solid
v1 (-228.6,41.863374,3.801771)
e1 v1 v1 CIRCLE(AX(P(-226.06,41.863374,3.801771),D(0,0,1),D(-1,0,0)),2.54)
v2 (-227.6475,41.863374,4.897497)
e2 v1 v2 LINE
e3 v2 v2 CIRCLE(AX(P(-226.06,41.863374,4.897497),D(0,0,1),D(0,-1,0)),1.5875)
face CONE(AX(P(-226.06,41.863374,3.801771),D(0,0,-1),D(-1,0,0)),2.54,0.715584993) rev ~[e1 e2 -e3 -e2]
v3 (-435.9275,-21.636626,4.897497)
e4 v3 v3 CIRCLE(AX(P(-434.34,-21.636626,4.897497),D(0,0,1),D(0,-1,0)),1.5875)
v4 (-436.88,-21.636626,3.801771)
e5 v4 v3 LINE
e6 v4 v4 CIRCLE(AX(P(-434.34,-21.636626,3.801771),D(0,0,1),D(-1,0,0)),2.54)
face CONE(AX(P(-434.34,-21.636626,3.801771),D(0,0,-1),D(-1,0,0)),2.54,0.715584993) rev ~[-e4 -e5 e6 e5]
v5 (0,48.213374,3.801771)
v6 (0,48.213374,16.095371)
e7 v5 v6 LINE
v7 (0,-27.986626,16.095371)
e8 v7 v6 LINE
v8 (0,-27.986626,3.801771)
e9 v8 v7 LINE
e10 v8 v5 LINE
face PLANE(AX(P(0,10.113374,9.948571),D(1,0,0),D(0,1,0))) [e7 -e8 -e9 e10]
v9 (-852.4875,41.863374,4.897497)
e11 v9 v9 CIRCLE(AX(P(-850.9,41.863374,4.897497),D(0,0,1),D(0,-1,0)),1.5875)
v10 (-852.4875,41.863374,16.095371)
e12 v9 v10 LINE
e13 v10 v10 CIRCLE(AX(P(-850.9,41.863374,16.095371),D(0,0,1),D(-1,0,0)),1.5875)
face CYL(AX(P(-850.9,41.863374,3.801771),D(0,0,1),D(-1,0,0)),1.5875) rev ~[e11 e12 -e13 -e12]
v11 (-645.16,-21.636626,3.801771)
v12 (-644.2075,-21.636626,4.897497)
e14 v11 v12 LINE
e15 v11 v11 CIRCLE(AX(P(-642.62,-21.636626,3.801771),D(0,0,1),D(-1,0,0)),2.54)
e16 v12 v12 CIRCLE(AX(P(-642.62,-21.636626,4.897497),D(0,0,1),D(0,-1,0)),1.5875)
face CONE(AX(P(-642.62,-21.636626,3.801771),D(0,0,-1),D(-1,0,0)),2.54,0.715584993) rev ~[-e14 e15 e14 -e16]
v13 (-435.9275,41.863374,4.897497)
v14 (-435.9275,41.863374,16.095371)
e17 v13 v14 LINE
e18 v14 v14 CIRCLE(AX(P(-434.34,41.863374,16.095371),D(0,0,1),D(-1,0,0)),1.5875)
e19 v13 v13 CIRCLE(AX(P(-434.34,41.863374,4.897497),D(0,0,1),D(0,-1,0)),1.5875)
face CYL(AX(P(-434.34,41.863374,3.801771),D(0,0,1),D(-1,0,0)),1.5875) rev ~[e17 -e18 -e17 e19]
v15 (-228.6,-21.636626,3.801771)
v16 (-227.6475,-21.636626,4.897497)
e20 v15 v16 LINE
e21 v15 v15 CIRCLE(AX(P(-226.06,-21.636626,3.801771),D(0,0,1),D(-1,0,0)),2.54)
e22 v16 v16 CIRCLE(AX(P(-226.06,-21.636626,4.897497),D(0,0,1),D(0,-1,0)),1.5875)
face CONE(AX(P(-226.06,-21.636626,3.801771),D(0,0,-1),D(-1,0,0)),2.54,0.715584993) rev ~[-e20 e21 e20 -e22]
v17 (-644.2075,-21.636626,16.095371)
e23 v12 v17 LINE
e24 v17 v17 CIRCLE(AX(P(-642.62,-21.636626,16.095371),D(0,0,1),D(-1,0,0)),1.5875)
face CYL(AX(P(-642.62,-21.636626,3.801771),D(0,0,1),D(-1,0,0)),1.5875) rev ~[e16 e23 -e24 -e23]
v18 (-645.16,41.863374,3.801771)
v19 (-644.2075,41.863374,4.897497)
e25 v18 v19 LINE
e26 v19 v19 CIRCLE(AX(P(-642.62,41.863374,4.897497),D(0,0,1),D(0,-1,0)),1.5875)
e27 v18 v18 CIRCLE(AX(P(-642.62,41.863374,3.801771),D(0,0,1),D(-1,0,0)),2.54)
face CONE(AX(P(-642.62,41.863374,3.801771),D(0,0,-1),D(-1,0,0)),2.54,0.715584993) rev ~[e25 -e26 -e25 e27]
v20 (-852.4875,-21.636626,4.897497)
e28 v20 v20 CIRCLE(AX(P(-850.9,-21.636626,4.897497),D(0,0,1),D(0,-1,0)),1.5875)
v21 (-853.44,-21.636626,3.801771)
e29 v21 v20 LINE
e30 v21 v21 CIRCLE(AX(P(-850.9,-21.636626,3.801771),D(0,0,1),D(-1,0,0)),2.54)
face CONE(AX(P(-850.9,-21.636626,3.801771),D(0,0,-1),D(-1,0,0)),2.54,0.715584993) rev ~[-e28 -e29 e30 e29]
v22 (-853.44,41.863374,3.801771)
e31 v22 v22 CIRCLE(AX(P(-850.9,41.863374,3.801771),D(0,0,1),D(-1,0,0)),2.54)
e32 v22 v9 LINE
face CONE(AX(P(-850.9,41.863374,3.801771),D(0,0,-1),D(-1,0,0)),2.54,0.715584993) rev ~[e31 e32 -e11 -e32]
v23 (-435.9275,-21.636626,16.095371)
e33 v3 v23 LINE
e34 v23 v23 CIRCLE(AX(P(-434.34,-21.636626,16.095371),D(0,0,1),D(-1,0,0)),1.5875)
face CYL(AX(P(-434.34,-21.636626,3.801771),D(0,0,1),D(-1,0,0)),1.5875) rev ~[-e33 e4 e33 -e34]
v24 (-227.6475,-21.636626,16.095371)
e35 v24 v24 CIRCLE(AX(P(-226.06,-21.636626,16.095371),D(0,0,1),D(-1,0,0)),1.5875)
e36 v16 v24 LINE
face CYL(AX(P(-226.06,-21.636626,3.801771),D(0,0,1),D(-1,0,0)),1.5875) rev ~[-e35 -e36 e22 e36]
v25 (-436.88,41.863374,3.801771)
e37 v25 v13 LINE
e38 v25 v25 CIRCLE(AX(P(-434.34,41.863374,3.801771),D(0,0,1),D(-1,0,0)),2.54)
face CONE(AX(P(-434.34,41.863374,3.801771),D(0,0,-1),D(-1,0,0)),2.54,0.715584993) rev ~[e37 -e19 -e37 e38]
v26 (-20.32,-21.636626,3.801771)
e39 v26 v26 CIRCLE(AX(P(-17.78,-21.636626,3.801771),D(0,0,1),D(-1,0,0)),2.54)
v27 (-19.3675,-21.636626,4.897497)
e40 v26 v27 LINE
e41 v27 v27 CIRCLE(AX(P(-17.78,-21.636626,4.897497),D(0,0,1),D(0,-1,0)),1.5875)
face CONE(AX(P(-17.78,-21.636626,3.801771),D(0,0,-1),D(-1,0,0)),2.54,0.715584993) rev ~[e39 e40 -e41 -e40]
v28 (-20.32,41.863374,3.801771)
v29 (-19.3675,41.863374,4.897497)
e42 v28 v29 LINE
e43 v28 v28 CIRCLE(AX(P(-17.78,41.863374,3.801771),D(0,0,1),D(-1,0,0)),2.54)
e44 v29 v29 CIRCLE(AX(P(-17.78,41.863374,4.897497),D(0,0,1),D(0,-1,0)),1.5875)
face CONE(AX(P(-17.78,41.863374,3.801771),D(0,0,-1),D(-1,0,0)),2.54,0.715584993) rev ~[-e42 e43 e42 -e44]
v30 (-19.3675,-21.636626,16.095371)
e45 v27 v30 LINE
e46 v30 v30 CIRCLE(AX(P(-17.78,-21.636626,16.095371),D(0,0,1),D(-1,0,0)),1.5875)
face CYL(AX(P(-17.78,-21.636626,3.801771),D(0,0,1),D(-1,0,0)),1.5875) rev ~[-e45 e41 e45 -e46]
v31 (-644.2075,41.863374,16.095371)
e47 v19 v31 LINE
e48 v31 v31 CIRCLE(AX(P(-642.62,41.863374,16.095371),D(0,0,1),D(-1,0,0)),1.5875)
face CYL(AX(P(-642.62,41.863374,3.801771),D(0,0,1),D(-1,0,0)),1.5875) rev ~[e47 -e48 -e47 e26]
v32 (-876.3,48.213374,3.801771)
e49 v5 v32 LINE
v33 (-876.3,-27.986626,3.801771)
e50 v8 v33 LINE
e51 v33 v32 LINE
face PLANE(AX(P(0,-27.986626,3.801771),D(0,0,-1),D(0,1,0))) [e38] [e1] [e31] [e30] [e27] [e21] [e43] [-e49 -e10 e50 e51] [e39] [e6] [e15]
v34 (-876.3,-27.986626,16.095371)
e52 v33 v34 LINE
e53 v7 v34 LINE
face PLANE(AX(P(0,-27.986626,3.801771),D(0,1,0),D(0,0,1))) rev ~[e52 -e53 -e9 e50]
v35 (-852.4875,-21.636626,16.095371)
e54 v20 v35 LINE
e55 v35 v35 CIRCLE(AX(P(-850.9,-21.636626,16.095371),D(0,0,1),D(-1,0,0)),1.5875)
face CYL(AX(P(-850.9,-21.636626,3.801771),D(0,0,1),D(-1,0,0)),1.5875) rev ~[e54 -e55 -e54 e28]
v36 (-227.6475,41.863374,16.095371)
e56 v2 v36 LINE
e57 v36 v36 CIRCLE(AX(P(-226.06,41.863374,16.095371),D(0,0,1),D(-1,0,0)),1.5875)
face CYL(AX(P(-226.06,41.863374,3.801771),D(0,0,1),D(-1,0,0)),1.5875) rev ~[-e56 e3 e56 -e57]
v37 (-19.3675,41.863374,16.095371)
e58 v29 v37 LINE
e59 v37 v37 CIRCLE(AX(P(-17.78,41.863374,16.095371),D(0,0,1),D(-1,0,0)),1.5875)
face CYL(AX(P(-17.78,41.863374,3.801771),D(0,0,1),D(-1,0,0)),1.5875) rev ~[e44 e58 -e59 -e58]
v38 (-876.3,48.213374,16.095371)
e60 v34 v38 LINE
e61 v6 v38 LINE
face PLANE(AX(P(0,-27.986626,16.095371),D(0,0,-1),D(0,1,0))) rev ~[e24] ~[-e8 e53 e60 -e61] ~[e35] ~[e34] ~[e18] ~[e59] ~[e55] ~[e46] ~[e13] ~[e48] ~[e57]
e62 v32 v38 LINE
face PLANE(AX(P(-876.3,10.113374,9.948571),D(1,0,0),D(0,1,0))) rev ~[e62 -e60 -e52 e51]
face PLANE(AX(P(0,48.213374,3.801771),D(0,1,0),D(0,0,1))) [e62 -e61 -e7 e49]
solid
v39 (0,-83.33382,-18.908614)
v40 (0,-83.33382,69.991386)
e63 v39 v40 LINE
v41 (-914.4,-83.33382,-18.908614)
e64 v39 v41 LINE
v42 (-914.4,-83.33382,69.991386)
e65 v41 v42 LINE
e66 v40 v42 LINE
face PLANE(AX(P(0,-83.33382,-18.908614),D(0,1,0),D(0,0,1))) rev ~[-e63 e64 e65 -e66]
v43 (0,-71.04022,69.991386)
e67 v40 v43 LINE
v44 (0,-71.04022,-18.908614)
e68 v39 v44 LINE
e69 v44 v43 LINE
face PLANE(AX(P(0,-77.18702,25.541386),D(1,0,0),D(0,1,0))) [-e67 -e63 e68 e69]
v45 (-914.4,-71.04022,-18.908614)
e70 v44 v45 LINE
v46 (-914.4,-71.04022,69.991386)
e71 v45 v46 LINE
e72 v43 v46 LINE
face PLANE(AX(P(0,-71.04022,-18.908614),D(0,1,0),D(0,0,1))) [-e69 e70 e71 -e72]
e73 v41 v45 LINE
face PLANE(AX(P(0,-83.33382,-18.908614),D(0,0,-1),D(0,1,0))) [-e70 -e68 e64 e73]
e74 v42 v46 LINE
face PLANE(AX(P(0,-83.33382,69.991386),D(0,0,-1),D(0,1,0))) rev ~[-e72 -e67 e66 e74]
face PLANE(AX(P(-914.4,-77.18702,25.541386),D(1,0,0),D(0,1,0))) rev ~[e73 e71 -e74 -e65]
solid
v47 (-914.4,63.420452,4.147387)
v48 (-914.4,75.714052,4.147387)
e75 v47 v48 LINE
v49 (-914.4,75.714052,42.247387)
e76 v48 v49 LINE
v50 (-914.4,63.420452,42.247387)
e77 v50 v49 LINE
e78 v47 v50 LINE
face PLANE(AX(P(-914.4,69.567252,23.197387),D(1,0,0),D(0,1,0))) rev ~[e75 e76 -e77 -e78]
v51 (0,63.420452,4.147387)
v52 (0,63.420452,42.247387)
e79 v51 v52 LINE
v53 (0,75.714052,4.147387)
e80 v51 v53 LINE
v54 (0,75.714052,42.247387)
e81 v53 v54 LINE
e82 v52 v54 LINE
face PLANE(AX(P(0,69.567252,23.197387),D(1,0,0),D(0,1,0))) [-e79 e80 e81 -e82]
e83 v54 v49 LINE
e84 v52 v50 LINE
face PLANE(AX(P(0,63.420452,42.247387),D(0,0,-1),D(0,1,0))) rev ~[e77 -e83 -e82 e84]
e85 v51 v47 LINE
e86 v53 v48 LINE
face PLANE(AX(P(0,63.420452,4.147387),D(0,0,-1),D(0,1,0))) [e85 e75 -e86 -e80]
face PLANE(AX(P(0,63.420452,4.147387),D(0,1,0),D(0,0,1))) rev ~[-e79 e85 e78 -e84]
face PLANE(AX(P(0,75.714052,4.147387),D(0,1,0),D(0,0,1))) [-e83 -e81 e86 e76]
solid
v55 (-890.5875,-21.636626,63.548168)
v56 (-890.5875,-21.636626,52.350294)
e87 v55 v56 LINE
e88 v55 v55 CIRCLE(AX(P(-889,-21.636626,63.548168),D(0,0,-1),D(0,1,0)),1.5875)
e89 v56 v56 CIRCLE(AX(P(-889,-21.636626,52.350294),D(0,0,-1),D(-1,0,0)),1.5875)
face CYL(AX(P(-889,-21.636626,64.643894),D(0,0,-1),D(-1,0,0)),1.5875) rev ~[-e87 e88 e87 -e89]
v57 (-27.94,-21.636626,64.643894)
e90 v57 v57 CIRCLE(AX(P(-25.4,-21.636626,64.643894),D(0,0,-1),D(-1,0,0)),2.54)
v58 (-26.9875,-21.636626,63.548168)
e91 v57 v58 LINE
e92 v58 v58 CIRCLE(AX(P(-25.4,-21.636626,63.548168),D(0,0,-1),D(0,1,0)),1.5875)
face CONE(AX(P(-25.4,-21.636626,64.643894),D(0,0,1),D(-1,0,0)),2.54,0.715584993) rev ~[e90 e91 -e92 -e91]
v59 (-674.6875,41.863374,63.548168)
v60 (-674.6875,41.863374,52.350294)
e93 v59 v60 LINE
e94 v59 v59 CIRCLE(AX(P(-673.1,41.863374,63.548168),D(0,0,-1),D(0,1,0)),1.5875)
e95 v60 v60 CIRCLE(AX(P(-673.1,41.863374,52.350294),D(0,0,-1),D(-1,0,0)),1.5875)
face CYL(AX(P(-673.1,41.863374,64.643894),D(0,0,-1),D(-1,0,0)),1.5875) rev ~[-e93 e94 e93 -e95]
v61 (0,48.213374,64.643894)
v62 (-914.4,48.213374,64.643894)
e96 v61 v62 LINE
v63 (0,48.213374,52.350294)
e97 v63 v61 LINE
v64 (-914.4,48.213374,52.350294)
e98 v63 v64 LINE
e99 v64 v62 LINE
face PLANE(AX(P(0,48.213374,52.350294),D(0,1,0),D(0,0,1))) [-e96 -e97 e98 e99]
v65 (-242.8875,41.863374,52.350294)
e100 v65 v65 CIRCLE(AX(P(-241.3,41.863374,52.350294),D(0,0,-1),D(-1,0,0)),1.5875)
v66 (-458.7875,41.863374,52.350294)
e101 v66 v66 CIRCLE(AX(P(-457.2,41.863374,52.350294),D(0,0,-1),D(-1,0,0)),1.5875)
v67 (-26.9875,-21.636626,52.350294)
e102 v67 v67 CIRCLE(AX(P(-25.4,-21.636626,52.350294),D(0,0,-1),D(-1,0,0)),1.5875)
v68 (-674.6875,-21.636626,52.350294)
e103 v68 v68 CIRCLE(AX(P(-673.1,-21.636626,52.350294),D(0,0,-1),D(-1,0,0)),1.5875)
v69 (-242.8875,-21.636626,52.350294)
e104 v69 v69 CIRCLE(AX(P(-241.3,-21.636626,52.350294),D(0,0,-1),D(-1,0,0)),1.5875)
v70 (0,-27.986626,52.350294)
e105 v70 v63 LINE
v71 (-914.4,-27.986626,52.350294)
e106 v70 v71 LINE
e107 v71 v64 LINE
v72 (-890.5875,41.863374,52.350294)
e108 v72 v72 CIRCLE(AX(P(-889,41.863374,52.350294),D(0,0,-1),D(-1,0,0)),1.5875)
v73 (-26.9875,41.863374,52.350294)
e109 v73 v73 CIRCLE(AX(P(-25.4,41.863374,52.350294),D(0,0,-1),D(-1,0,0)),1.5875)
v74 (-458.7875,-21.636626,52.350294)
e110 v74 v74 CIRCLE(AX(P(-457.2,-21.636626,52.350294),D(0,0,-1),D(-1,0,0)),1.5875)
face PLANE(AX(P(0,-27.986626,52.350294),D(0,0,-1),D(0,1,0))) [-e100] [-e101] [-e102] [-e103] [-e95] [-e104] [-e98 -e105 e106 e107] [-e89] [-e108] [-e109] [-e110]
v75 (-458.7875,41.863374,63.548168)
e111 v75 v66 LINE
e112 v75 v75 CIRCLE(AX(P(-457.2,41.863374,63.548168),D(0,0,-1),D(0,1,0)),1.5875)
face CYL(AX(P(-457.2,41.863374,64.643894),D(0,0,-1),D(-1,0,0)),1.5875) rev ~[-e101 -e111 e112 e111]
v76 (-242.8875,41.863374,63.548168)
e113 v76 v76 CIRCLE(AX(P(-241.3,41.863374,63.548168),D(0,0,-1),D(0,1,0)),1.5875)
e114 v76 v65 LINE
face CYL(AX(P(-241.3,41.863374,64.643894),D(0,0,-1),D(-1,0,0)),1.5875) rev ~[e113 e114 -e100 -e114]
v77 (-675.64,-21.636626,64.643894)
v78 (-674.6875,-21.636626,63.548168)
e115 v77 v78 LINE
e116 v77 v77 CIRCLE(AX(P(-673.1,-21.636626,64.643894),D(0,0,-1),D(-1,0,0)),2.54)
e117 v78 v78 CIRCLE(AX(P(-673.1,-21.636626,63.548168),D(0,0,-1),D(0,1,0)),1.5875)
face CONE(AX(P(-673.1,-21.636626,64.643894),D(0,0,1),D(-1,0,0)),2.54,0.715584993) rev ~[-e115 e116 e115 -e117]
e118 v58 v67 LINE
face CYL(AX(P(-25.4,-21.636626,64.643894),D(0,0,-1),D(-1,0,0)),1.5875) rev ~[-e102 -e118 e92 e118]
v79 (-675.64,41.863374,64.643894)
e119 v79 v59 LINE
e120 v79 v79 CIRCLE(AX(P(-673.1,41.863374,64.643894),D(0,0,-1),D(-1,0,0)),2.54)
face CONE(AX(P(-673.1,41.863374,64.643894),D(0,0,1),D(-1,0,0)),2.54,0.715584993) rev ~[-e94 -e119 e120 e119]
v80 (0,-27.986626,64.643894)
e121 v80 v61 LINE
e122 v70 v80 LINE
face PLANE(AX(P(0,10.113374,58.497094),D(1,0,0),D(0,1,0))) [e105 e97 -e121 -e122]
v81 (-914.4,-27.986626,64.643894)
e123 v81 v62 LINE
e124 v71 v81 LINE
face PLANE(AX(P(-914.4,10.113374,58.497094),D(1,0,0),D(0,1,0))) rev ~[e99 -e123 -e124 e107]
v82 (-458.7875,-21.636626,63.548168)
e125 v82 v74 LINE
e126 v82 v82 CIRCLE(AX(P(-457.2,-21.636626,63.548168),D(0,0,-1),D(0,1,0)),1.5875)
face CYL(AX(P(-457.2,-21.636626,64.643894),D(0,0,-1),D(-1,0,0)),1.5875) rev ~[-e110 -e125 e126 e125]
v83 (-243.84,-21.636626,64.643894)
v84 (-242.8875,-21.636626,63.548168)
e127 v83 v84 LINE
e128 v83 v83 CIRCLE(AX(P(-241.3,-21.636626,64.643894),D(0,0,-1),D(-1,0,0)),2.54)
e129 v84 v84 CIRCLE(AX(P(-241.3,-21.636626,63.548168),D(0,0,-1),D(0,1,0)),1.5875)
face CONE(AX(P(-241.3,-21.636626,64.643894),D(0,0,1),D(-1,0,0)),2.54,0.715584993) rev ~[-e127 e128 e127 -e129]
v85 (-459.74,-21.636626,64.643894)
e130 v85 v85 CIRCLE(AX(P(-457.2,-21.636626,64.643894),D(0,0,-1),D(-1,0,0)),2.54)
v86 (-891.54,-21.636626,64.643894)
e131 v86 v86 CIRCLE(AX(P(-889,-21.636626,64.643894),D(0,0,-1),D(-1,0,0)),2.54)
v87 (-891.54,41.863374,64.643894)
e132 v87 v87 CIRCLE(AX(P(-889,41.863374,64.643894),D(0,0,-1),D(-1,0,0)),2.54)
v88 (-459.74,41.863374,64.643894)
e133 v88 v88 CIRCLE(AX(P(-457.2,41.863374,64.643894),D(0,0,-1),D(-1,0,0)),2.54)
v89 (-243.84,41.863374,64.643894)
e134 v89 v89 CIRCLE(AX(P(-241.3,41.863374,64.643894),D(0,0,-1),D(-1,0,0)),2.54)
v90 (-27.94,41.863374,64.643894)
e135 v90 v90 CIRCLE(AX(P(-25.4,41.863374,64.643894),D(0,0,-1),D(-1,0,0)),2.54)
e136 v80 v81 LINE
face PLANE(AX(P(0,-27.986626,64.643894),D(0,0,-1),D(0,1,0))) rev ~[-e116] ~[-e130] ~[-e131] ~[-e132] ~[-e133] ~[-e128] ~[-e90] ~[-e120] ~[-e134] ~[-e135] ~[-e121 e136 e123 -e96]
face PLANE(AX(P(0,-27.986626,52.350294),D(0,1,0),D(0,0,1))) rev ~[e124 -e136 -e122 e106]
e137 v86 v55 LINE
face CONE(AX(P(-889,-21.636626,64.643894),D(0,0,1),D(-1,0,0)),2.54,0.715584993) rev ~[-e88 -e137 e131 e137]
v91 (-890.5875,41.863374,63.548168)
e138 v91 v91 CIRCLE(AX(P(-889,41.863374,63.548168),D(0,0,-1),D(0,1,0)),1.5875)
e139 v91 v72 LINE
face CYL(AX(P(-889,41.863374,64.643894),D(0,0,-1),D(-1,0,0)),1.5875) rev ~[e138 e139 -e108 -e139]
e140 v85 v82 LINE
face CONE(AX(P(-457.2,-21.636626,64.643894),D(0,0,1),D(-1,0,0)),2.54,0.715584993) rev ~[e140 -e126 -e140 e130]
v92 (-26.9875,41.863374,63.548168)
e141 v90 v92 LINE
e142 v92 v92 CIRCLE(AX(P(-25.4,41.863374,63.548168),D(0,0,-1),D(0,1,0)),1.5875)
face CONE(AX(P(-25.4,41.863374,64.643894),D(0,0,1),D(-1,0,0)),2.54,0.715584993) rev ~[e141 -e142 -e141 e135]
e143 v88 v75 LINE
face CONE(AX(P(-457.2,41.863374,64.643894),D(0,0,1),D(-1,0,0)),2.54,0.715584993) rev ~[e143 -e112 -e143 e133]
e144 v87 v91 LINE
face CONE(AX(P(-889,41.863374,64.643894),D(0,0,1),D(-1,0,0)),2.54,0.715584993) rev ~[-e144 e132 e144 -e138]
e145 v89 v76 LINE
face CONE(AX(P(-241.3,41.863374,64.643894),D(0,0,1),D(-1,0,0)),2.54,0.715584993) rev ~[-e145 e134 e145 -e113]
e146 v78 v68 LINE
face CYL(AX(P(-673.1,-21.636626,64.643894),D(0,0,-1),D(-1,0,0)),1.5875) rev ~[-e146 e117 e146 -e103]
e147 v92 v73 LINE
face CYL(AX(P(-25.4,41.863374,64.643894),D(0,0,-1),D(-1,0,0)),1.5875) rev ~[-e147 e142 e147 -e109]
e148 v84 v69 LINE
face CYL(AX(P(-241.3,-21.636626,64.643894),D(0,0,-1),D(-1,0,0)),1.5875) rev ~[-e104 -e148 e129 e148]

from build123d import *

# Parameters (mm, degrees)
F0_W           = 76.2
F0_H           = 12.2936
F1_DEPTH       = 876.3
F0_W_2         = 12.2936
F0_H_2         = 38.1
F0_H_3         = 88.9
F2_DEPTH       = 914.4
F4_D           = 3.175
F4_DEPTH       = 12.7
F4_CSINK_D     = 5.08
F4_CSINK_ANGLE = 82
F6_D           = 3.175
F6_DEPTH       = 12.7
F6_CSINK_D     = 5.08
F6_CSINK_ANGLE = 82


with BuildPart() as f1:
    # F0 (on Right) → F1 (new body)
    with BuildSketch(Plane.YZ):
        with Locations((10.113374, 9.948571)):
            Rectangle(F0_W, F0_H)
    extrude(amount=-F1_DEPTH)

    # F4
    with Locations(Plane(origin=(0, 0, 3.801771), x_dir=(1, 0, 0), z_dir=(0, 0, -1))):
        with Locations((-850.9, 21.636626), (-850.9, -41.863374), (-642.62, -41.863374), (-642.62, 21.636626), (-434.34, -41.863374), (-434.34, 21.636626), (-226.06, 21.636626), (-17.78, -41.863374), (-17.78, 21.636626), (-226.06, -41.863374)):
            CounterSinkHole(F4_D / 2, F4_CSINK_D / 2, depth=F4_DEPTH, counter_sink_angle=F4_CSINK_ANGLE)


with BuildPart() as f2:
    # F0 (on Right) → F2 (new body)
    with BuildSketch(Plane.YZ):
        with Locations((10.113374, 58.497094)):
            Rectangle(F0_W, F0_H)
        with Locations((69.567252, 23.197387)):
            Rectangle(F0_W_2, F0_H_2)
        with Locations((-77.18702, 25.541386)):
            Rectangle(F0_W_2, F0_H_3)
    extrude(amount=-F2_DEPTH)

    # F6
    with Locations(Plane.XY.offset(64.643894)):
        with Locations((-889, 41.863374), (-889, -21.636626), (-673.1, -21.636626), (-673.1, 41.863374), (-457.2, 41.863374), (-457.2, -21.636626), (-241.3, 41.863374), (-241.3, -21.636626), (-25.4, -21.636626), (-25.4, 41.863374)):
            CounterSinkHole(F6_D / 2, F6_CSINK_D / 2, depth=F6_DEPTH, counter_sink_angle=F6_CSINK_ANGLE)


solid = Compound([f1.part, f2.part])
